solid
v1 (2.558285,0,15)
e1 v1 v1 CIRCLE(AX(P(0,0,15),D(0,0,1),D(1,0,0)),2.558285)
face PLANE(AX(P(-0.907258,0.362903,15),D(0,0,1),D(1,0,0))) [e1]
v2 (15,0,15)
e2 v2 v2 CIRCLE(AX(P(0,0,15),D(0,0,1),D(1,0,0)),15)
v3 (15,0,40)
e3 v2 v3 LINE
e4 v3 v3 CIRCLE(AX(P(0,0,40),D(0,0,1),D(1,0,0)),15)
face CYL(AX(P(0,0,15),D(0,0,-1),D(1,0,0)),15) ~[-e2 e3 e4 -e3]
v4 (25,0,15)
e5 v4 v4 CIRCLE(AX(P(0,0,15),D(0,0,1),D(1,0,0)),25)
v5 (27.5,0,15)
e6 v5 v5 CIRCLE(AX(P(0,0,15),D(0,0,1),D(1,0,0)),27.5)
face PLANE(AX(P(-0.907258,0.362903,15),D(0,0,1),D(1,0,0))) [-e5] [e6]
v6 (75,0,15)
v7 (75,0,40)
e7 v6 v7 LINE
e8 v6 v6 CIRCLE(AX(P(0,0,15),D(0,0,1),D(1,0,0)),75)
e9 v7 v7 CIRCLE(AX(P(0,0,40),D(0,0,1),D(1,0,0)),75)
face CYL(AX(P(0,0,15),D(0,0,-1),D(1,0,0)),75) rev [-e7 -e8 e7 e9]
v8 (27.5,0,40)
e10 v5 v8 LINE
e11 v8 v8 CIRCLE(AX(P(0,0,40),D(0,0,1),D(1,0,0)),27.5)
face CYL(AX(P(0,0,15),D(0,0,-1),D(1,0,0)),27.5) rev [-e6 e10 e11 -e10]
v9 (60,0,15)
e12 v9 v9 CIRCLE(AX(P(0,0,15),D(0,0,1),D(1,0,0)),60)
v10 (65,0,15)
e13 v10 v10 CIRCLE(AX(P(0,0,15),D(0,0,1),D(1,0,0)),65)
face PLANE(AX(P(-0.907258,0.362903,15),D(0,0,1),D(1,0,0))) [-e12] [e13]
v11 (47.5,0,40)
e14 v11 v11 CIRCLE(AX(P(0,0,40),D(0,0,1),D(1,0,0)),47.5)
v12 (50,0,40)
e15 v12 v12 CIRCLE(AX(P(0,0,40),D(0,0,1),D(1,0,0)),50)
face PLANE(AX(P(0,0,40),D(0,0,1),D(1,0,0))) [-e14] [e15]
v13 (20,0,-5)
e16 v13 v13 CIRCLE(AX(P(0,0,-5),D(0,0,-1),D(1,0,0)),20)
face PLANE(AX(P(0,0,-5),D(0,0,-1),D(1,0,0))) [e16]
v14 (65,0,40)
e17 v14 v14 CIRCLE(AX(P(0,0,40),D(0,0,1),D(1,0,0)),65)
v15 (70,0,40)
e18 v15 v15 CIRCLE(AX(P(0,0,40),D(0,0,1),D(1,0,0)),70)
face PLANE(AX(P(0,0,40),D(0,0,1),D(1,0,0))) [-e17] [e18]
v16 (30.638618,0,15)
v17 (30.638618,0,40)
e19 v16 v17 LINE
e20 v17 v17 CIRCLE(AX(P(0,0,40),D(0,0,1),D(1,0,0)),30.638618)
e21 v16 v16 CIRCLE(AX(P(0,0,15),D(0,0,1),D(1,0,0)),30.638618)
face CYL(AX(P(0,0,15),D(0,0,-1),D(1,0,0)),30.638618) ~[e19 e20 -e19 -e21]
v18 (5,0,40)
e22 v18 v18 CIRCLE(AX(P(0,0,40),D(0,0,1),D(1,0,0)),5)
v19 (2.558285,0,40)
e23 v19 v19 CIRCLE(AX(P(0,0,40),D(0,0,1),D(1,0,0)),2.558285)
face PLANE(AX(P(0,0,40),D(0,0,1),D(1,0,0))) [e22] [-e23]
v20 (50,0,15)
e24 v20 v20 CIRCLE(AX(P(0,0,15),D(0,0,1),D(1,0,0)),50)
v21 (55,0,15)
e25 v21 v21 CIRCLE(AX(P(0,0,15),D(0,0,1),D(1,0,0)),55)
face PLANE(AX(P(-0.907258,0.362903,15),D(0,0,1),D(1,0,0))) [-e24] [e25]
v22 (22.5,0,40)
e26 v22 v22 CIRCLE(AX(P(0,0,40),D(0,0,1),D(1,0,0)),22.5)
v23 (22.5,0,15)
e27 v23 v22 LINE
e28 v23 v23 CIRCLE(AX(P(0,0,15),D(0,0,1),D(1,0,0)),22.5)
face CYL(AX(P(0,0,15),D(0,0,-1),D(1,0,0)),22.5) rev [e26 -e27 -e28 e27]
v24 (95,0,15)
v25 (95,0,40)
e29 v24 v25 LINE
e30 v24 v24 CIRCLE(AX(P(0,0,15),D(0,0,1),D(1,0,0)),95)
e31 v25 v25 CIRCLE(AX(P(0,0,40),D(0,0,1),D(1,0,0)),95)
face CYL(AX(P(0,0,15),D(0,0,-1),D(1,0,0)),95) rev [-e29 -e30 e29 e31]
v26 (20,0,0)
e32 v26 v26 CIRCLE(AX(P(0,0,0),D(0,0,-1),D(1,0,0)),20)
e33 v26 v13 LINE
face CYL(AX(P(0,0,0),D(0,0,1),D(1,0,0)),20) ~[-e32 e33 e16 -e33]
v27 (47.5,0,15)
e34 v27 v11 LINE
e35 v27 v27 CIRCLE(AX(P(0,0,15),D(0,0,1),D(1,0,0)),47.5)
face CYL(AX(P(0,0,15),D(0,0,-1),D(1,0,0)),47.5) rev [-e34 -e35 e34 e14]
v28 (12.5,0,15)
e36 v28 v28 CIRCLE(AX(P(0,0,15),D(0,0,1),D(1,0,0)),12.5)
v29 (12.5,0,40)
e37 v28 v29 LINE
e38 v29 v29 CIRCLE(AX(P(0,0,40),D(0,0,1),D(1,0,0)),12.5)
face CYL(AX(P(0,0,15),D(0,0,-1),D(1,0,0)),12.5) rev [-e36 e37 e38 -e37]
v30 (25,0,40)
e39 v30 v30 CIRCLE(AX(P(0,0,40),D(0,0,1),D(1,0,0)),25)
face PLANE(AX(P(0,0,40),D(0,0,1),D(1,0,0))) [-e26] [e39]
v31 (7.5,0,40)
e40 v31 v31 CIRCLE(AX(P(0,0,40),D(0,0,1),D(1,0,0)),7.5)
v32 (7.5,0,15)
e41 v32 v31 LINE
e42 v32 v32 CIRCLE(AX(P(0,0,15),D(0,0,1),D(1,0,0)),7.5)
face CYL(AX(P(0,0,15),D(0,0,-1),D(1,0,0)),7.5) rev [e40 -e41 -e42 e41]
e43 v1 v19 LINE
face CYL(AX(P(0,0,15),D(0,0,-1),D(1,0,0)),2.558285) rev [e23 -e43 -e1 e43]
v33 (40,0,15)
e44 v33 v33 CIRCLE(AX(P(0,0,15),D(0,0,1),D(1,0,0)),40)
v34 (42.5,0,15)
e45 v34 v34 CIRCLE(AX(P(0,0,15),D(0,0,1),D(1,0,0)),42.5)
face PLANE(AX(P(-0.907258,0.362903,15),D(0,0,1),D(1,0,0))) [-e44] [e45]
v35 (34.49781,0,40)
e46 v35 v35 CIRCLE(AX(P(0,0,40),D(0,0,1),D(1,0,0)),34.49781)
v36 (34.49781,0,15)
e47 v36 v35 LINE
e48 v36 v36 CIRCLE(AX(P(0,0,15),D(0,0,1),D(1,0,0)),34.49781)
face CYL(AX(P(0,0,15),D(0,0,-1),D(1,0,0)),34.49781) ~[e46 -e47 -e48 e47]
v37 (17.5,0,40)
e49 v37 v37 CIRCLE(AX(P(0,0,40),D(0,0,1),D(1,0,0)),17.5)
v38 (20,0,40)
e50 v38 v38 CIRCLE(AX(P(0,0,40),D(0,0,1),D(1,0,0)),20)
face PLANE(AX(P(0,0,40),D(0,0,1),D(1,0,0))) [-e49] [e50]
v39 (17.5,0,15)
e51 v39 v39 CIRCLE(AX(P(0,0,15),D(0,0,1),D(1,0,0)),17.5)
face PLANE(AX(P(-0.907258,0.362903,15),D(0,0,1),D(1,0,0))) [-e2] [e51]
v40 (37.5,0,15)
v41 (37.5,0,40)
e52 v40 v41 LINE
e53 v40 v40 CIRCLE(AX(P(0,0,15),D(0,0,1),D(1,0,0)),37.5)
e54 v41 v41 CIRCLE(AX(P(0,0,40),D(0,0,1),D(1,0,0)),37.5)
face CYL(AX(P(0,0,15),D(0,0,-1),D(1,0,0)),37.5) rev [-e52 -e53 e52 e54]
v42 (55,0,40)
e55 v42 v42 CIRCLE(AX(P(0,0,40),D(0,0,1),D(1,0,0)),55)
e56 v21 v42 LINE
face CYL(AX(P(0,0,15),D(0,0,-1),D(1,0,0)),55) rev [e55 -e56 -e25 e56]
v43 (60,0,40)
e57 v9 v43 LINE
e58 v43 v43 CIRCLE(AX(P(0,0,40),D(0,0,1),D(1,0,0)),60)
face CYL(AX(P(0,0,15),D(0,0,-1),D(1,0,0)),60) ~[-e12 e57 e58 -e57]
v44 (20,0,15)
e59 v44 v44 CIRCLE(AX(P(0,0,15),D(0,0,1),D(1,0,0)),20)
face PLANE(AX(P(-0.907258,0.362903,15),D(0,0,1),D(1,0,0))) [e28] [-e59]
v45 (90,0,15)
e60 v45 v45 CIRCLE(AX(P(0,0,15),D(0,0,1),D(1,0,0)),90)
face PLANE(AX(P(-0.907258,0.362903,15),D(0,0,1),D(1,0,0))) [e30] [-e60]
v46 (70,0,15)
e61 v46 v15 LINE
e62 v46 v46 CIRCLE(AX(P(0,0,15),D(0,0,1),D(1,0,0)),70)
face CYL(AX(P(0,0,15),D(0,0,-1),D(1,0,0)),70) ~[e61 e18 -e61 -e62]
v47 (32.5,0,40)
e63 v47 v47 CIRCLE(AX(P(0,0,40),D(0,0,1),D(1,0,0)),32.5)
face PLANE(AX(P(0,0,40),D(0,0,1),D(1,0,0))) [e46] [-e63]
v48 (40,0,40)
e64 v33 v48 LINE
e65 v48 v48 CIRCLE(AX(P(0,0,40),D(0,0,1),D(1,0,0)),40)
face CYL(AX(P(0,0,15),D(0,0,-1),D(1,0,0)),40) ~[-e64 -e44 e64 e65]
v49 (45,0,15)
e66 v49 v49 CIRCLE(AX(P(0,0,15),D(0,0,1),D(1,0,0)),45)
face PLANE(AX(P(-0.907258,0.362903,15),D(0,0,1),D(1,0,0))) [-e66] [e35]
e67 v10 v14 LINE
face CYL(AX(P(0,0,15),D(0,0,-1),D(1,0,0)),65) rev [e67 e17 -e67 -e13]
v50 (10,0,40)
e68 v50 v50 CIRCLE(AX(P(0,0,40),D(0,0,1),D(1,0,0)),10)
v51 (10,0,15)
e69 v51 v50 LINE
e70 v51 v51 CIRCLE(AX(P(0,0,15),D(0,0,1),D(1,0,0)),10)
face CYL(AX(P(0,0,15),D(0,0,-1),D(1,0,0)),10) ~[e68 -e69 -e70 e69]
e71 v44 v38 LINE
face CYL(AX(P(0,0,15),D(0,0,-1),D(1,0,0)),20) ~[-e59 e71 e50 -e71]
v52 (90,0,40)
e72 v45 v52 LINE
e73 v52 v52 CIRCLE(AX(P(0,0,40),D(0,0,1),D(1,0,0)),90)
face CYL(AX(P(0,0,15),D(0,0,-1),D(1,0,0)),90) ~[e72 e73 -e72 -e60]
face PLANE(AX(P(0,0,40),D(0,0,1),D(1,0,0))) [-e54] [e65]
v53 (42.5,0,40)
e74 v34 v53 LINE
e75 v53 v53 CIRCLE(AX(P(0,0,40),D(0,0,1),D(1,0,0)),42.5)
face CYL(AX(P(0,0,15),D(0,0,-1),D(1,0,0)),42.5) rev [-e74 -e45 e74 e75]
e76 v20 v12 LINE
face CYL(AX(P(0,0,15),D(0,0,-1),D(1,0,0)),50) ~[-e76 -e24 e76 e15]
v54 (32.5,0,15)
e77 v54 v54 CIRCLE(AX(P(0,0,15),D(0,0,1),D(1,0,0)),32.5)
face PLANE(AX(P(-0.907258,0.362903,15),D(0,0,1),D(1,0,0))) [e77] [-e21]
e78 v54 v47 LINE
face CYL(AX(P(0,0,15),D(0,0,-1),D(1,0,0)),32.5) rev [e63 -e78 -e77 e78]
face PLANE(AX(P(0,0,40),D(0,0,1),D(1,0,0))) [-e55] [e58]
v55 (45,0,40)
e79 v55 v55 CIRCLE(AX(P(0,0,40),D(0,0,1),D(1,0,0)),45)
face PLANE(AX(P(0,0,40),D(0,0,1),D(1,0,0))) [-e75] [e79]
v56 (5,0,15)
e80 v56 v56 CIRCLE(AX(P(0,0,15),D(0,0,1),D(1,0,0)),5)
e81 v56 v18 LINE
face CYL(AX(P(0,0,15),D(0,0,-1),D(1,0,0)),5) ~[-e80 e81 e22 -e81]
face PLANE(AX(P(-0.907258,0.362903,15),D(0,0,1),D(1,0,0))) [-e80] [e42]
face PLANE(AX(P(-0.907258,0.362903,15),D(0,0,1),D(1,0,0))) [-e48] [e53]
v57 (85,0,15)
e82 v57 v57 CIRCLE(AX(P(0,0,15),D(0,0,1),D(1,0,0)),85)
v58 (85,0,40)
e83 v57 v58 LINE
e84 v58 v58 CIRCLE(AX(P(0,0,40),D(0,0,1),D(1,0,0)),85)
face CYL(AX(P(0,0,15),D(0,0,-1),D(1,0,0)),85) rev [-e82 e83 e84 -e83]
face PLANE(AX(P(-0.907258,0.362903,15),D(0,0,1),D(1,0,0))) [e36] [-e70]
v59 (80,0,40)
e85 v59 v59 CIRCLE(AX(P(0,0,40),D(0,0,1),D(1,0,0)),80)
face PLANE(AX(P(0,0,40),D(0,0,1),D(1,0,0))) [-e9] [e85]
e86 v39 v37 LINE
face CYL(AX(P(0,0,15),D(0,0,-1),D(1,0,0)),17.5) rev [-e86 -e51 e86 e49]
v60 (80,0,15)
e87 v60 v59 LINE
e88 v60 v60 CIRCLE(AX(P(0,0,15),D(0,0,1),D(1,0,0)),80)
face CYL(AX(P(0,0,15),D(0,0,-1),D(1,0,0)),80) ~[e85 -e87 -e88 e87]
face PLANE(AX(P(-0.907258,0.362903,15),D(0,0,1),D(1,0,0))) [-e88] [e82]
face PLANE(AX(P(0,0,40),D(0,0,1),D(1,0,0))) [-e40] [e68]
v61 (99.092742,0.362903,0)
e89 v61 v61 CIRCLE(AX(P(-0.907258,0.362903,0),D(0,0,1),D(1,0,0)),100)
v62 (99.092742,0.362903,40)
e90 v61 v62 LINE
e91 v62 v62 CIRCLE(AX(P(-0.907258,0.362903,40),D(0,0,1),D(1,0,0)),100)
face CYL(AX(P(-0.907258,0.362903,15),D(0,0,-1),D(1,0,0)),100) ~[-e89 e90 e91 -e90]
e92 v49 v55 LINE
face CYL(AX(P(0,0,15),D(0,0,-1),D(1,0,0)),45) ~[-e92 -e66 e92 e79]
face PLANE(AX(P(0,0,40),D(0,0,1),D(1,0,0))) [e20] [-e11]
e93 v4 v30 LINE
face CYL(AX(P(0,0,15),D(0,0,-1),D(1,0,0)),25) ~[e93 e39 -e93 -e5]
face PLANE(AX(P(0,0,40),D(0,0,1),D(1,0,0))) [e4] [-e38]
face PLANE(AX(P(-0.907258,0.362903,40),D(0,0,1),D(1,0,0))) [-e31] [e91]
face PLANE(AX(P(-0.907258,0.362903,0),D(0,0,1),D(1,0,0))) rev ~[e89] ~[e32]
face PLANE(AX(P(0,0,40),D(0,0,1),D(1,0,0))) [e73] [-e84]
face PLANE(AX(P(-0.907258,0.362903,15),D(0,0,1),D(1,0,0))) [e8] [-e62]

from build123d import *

# Parameters (mm, degrees)
F0_R     = 100
F1_DEPTH = 15
F2_R     = 100
F2_R_2   = 95
F2_R_3   = 90
F2_R_4   = 85
F2_R_5   = 80
F2_R_6   = 75
F2_R_7   = 70
F2_R_8   = 65
F2_R_9   = 60
F2_R_10  = 55
F2_R_11  = 50
F2_R_12  = 47.5
F2_R_13  = 45
F2_R_14  = 42.5
F2_R_15  = 40
F2_R_16  = 37.5
F2_R_17  = 34.49781
F2_R_18  = 32.5
F2_R_19  = 30.638618
F2_R_20  = 27.5
F2_R_21  = 25
F2_R_22  = 22.5
F2_R_23  = 20
F2_R_24  = 17.5
F2_R_25  = 15
F2_R_26  = 12.5
F2_R_27  = 10
F2_R_28  = 7.5
F2_R_29  = 5
F2_R_30  = 2.558285
F3_DEPTH = 25
F4_R     = 20
F5_DEPTH = 5


with BuildPart() as f1:
    # F0 (on Top) → F1 (new body)
    with BuildSketch(Plane.XY):
        with Locations((-0.907258, 0.362903)):
            Circle(F0_R)
    extrude(amount=F1_DEPTH)

    # F2 (on face) → F3 (join)
    with BuildSketch(Plane.XY.offset(15)):
        with Locations((-0.907258, 0.362903)):
            Circle(F2_R)
        Circle(F2_R_2, mode=Mode.SUBTRACT)
        Circle(F2_R_3)
        Circle(F2_R_4, mode=Mode.SUBTRACT)
        Circle(F2_R_5)
        Circle(F2_R_6, mode=Mode.SUBTRACT)
        Circle(F2_R_7)
        Circle(F2_R_8, mode=Mode.SUBTRACT)
        Circle(F2_R_9)
        Circle(F2_R_10, mode=Mode.SUBTRACT)
        Circle(F2_R_11)
        Circle(F2_R_12, mode=Mode.SUBTRACT)
        Circle(F2_R_13)
        Circle(F2_R_14, mode=Mode.SUBTRACT)
        Circle(F2_R_15)
        Circle(F2_R_16, mode=Mode.SUBTRACT)
        Circle(F2_R_17)
        Circle(F2_R_18, mode=Mode.SUBTRACT)
        Circle(F2_R_19)
        Circle(F2_R_20, mode=Mode.SUBTRACT)
        Circle(F2_R_21)
        Circle(F2_R_22, mode=Mode.SUBTRACT)
        Circle(F2_R_23)
        Circle(F2_R_24, mode=Mode.SUBTRACT)
        Circle(F2_R_25)
        Circle(F2_R_26, mode=Mode.SUBTRACT)
        Circle(F2_R_27)
        Circle(F2_R_28, mode=Mode.SUBTRACT)
        Circle(F2_R_29)
        Circle(F2_R_30, mode=Mode.SUBTRACT)
    extrude(amount=F3_DEPTH)

    # F4 (on face) → F5 (join)
    with BuildSketch(Plane(origin=(0, 0, 0), x_dir=(1, 0, 0), z_dir=(0, 0, -1))):
        Circle(F4_R)
    extrude(amount=F5_DEPTH)


solid = f1.part
